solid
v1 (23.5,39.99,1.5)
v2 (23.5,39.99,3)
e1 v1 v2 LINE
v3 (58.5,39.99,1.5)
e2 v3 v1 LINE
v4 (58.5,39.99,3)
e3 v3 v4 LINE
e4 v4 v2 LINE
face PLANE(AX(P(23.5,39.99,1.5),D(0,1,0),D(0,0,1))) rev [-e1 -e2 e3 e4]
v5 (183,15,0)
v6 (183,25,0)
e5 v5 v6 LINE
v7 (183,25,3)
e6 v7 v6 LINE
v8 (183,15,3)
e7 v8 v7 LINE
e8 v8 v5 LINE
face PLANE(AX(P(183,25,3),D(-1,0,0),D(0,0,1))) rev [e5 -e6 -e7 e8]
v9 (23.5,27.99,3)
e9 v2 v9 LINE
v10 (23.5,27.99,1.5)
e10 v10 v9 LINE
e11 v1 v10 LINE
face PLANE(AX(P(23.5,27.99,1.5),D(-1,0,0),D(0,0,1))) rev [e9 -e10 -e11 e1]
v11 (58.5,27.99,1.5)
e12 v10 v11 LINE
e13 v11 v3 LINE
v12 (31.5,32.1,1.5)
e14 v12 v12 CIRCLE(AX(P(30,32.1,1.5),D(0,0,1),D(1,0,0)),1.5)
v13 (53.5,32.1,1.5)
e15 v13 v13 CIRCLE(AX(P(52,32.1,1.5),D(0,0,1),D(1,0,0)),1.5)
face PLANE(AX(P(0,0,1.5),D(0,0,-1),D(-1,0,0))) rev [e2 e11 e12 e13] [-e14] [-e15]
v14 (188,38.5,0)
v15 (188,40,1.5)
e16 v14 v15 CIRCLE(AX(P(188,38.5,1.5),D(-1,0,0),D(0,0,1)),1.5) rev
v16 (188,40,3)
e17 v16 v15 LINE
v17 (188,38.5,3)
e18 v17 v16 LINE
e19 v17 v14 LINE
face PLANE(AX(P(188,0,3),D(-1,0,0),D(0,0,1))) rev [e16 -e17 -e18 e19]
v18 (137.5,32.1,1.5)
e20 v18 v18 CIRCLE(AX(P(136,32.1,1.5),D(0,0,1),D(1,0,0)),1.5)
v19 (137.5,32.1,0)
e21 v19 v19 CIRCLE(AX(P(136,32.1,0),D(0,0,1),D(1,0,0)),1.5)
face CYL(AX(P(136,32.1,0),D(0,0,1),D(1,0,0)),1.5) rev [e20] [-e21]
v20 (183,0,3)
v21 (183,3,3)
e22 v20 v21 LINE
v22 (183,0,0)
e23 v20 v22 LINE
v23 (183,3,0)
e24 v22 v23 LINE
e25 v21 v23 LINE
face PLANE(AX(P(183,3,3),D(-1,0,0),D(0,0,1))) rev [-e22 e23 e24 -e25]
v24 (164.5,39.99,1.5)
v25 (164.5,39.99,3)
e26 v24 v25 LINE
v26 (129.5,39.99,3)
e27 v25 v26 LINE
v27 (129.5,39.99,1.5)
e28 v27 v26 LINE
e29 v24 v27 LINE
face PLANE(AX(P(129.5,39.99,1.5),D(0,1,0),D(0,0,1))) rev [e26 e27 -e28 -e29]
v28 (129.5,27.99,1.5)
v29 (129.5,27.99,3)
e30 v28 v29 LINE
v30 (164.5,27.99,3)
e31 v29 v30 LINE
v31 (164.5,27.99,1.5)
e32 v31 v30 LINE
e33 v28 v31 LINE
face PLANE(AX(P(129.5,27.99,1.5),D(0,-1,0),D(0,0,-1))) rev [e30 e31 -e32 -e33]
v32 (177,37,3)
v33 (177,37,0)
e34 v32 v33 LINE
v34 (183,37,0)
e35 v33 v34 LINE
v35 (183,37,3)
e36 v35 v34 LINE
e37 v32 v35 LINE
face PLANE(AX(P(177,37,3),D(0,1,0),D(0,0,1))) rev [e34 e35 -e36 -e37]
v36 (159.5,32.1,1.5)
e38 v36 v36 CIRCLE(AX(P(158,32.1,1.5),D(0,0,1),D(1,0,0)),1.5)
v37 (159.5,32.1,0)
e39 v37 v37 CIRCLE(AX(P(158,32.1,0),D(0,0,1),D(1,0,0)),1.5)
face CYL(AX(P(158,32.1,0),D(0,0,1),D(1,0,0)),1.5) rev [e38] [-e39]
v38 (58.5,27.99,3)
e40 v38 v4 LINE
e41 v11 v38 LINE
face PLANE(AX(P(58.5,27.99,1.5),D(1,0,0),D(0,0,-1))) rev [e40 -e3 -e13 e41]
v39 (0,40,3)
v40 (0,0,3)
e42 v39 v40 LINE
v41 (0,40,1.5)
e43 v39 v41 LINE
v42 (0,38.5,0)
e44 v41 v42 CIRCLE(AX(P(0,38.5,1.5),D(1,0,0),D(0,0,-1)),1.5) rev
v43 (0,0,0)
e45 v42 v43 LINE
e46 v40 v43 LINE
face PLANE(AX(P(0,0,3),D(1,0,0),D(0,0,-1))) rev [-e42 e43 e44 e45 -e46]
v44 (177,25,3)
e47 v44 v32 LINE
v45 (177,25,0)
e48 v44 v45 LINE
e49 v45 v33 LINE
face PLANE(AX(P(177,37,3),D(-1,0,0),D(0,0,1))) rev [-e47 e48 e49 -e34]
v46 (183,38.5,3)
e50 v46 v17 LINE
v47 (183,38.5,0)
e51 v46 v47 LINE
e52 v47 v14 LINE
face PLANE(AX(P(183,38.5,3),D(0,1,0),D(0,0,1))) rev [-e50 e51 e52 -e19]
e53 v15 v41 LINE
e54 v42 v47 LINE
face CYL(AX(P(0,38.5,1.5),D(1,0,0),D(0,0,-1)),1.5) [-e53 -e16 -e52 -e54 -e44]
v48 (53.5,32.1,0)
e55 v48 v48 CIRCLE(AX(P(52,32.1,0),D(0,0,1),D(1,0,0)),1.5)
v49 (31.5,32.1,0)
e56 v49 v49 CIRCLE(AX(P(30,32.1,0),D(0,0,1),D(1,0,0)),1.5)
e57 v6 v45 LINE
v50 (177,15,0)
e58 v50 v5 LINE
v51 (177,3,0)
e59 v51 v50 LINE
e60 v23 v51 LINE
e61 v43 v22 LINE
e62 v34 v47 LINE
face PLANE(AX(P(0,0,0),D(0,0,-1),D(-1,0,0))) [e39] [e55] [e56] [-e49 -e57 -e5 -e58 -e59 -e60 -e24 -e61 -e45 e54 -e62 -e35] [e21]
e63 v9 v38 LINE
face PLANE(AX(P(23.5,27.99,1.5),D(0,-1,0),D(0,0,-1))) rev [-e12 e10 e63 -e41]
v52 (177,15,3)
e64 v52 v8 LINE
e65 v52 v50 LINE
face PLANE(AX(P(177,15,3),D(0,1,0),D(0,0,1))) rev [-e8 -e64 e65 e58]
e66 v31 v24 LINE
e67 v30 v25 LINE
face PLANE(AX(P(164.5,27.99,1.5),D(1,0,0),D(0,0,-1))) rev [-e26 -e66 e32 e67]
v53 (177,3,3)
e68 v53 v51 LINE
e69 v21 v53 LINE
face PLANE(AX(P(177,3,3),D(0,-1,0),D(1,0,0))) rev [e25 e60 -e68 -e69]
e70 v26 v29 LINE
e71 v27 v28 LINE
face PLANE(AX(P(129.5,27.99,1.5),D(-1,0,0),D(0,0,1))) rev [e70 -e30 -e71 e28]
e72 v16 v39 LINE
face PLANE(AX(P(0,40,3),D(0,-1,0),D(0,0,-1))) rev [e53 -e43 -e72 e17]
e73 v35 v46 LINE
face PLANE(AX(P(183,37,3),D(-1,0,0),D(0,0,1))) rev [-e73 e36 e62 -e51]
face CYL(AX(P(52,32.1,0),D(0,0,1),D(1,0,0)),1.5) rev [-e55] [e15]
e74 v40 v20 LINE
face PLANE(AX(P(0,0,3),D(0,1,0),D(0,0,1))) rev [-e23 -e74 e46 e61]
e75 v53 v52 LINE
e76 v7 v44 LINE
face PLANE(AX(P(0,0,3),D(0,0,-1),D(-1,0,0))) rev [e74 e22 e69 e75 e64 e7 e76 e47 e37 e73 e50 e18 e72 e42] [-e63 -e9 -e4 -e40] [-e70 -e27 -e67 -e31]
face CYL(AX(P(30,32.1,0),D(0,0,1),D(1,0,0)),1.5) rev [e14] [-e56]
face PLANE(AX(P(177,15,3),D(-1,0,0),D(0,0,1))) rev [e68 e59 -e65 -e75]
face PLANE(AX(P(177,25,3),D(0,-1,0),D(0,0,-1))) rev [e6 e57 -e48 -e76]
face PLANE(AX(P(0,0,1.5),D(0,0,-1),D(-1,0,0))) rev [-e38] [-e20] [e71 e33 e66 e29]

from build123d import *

# Parameters (mm, degrees)
ESQUISSE1_W             = 188
ESQUISSE1_H             = 40
BOSS_EXTRU_1_DEPTH      = 3
CONG_3_R                = 1.5
ENL_V_MAT_EXTRU_1_DEPTH = 193.231631112
ESQUISSE5_W             = 35
ESQUISSE5_H             = 12
ENL_V_MAT_EXTRU_2_DEPTH = 1.5
ESQUISSE7_R             = 1.5
ENL_V_MAT_EXTRU_3_DEPTH = 1.5
ESQUISSE8_R             = 1.5
ENL_V_MAT_EXTRU_4_DEPTH = 1.5


with BuildPart() as part:
    # Esquisse1 → Boss.-Extru.1 (new body)
    with BuildSketch(Plane.XY):
        with Locations((94, 20)):
            Rectangle(ESQUISSE1_W, ESQUISSE1_H)
    extrude(amount=BOSS_EXTRU_1_DEPTH)

    # Congé3
    cong_3_edges = [part.edges().sort_by_distance(p)[0] for p in [
        (94, 40, 0),
    ]]
    fillet(cong_3_edges, radius=CONG_3_R)

    # Esquisse3 → Enlèv. mat.-Extru.1 (cut, through all)
    with BuildSketch(Plane(origin=(0, 0, 0), x_dir=(-1, 0, 0), z_dir=(0, 0, -1))):
        Polygon((-177, 37), (-183, 37), (-183, 38.5), (-188, 38.5), (-188, 0), (-183, 0), (-183, 3), (-177, 3), (-177, 15), (-183, 15), (-183, 25), (-177, 25), align=None)
    extrude(amount=-ENL_V_MAT_EXTRU_1_DEPTH, mode=Mode.SUBTRACT)

    # Esquisse5 → Enlèv. mat.-Extru.2 (cut)
    with BuildSketch(Plane.XY.offset(3)):
        with Locations((147, 33.99)):
            Rectangle(ESQUISSE5_W, ESQUISSE5_H)
        with Locations((41, 33.99)):
            Rectangle(ESQUISSE5_W, ESQUISSE5_H)
    extrude(amount=-ENL_V_MAT_EXTRU_2_DEPTH, mode=Mode.SUBTRACT)

    # Esquisse7 → Enlèv. mat.-Extru.3 (cut)
    with BuildSketch(Plane.XY.offset(1.5)):
        with Locations((30, 32.1)):
            Circle(ESQUISSE7_R)
        with Locations((52, 32.1)):
            Circle(ESQUISSE7_R)
    extrude(amount=-ENL_V_MAT_EXTRU_3_DEPTH, mode=Mode.SUBTRACT)

    # Esquisse8 → Enlèv. mat.-Extru.4 (cut)
    with BuildSketch(Plane.XY.offset(1.5)):
        with Locations((136, 32.1)):
            Circle(ESQUISSE8_R)
        with Locations((158, 32.1)):
            Circle(ESQUISSE8_R)
    extrude(amount=-ENL_V_MAT_EXTRU_4_DEPTH, mode=Mode.SUBTRACT)


solid = part.part
